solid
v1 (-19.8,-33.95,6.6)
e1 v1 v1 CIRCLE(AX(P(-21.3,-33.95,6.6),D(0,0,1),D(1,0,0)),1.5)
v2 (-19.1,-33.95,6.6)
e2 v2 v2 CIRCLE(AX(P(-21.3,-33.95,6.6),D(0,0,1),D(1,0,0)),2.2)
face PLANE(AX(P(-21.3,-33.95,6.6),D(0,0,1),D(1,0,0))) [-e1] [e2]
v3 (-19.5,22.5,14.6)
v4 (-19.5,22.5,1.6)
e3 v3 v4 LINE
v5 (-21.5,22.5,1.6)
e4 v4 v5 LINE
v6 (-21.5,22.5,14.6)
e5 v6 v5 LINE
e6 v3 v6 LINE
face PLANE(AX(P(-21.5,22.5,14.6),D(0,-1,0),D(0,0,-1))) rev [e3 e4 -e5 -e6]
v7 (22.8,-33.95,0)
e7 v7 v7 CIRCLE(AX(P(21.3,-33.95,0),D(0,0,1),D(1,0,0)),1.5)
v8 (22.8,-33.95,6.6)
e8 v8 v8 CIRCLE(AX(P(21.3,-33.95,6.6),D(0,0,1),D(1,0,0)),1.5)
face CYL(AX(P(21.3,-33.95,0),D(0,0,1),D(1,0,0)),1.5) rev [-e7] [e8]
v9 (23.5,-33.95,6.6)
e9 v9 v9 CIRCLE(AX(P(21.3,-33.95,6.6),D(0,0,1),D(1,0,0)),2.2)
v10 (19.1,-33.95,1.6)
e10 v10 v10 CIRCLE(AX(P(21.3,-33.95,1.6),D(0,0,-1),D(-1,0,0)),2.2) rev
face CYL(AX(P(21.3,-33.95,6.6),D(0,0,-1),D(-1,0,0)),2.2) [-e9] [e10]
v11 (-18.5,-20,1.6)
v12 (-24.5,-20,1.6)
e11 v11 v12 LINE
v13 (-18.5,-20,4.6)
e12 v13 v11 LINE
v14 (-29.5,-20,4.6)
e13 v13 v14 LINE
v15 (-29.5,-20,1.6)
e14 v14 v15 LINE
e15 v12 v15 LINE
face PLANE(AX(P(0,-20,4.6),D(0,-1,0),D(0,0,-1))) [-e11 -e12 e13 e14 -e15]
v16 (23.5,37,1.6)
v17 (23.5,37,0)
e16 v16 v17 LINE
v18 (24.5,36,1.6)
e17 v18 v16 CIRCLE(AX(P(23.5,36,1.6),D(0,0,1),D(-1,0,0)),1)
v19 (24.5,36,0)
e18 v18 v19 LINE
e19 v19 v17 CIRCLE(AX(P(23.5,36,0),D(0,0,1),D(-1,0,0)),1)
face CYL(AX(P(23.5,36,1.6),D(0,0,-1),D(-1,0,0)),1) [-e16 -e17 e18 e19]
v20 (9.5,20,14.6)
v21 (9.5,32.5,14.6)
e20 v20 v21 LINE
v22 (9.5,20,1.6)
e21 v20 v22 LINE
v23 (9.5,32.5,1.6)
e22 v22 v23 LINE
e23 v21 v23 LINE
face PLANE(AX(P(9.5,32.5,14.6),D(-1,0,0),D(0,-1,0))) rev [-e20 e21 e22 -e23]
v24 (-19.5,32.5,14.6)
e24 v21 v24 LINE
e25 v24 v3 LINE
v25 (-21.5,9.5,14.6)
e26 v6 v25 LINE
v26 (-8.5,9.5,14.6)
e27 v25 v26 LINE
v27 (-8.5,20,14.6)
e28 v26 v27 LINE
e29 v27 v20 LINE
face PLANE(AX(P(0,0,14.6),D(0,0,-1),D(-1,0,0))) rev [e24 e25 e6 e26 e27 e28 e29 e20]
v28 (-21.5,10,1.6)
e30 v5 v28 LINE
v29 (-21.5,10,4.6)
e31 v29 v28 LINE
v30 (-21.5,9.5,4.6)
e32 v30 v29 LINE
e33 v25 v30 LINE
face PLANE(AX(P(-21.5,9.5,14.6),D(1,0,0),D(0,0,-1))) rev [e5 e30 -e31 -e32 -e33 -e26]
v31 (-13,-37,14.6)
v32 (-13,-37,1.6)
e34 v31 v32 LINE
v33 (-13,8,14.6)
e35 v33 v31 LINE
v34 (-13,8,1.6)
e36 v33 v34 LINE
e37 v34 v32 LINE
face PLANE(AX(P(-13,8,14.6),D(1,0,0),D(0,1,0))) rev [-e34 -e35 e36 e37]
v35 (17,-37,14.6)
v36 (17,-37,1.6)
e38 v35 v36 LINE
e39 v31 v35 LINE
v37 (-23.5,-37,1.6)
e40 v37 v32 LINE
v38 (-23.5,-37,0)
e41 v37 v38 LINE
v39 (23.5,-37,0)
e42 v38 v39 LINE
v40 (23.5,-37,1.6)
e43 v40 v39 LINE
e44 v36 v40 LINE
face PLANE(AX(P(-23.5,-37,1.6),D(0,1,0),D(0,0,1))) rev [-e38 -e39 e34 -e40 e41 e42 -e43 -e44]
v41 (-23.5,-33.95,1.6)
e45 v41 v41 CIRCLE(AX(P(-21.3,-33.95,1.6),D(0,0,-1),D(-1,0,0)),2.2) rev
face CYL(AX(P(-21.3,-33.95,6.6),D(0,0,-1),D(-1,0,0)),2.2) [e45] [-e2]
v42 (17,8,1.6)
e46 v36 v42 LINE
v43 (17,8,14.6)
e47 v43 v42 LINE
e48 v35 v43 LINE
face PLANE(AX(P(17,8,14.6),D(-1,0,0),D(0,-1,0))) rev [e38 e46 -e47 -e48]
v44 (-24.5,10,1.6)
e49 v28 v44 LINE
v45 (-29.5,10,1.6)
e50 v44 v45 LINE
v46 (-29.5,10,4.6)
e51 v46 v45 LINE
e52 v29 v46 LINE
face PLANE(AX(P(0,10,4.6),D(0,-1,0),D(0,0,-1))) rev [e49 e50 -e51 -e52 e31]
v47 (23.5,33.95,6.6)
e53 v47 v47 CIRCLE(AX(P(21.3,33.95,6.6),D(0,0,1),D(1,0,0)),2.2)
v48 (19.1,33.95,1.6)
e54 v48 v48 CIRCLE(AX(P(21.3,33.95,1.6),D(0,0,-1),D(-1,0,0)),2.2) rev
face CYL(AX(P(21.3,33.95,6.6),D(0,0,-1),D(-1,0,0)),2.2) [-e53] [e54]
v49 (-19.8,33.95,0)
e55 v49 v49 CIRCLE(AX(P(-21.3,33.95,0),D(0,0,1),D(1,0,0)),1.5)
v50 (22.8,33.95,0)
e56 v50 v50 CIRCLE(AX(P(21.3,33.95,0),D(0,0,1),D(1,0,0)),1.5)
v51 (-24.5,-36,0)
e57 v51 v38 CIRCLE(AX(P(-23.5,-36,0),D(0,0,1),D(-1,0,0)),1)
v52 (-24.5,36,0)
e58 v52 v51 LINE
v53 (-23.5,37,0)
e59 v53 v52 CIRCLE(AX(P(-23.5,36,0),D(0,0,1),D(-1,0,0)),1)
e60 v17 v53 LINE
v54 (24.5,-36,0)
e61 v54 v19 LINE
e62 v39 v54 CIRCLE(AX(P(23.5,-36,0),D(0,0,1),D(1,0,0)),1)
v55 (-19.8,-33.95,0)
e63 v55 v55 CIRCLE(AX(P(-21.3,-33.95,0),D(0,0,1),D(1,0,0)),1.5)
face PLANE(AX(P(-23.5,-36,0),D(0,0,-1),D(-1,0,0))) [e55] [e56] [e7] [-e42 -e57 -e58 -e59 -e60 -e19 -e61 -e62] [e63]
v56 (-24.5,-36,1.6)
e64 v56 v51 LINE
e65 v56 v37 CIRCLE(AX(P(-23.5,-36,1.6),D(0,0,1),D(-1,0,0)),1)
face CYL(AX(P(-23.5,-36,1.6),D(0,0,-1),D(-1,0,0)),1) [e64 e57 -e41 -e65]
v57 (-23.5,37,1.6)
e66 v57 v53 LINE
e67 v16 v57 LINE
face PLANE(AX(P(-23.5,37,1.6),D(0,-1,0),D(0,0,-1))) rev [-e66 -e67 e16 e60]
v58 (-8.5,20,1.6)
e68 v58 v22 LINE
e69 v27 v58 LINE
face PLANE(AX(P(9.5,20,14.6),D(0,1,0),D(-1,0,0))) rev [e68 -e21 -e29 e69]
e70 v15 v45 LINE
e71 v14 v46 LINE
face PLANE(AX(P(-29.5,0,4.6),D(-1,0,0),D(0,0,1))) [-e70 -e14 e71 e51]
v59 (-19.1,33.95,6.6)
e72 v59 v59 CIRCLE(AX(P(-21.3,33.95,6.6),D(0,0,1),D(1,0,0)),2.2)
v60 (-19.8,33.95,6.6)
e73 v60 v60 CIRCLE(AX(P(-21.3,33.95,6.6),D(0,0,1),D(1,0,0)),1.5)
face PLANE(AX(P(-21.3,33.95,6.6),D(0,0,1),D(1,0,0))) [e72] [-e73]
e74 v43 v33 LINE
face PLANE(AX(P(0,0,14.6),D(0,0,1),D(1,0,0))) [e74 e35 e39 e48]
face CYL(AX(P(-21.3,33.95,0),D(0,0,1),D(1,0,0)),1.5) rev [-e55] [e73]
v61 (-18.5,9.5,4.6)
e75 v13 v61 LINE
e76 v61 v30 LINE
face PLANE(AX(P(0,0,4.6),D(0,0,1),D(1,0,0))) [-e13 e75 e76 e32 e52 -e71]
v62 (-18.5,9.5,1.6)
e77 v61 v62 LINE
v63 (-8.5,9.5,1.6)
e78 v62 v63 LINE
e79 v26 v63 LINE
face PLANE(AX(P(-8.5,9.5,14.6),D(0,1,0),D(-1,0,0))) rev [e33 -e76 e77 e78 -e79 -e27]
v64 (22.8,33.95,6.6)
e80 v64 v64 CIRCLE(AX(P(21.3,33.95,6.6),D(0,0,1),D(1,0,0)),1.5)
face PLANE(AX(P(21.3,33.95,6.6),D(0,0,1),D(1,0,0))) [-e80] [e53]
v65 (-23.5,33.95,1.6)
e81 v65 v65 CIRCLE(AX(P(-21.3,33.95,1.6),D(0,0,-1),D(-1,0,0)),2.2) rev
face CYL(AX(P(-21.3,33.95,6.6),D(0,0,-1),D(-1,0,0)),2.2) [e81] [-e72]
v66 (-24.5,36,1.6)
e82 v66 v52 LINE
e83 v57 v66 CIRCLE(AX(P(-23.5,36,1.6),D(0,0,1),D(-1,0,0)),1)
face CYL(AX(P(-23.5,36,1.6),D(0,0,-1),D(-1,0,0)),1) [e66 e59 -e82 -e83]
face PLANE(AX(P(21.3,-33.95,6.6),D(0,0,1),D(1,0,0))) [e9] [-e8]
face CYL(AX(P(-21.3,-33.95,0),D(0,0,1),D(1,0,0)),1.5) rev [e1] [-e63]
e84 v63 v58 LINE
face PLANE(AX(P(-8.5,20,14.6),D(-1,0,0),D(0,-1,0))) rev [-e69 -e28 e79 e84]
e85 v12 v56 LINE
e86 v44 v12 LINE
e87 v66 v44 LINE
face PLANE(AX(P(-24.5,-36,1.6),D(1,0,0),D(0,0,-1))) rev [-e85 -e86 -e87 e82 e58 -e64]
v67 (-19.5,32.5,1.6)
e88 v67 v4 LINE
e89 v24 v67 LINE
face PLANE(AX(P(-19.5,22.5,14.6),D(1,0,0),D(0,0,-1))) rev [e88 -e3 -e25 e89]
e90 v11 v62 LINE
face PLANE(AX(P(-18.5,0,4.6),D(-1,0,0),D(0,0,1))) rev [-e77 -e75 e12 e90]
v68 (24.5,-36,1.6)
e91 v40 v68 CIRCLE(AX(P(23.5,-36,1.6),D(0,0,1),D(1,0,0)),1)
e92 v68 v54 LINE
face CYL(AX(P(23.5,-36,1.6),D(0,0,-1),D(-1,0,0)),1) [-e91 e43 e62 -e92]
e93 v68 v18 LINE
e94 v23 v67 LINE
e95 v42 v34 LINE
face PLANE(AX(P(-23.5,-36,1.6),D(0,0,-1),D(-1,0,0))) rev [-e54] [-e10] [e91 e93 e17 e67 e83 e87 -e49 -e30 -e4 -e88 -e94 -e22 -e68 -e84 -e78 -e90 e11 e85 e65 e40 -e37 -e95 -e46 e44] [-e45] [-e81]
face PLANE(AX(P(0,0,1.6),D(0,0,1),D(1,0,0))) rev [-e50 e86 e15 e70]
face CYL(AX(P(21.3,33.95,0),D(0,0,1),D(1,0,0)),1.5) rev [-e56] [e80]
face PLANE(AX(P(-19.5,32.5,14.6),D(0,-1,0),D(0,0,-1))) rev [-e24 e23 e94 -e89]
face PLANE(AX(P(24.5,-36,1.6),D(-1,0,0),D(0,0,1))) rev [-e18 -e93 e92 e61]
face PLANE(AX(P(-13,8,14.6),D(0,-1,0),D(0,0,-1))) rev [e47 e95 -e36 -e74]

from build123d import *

# Parameters (mm, degrees)
EXTRUDE_1_DEPTH     = 1.6
SKETCH_2_R          = 1.5
CUT_EXTRUDE_1_DEPTH = 45.405067278
EXTRUDE_START       = 5
SKETCH_5_R          = 2.2
SKETCH_5_R_2        = 1.5
EXTRUDE_2_DEPTH     = 5
SKETCH_6_W          = 30
SKETCH_6_H          = 45
EXTRUDE_3_DEPTH     = 13
SKETCH_7_W          = 5
SKETCH_7_H          = 30
EXTRUDE_4_DEPTH     = 3


with BuildPart() as part:
    # 草图1 → 凸台-拉伸1 (new body)
    with BuildSketch(Plane.XY):
        with BuildLine():
            Line((-23.5, -37), (23.5, -37))
            ThreePointArc((23.5, -37), (24.207106781, -36.707106781), (24.5, -36))
            Line((24.5, -36), (24.5, 36))
            ThreePointArc((24.5, 36), (24.207106781, 36.707106781), (23.5, 37))
            Line((23.5, 37), (-23.5, 37))
            ThreePointArc((-23.5, 37), (-24.207106781, 36.707106781), (-24.5, 36))
            Line((-24.5, 36), (-24.5, -36))
            ThreePointArc((-24.5, -36), (-24.207106781, -36.707106781), (-23.5, -37))
        make_face()
    extrude(amount=EXTRUDE_1_DEPTH)

    # 草图2 → 切除-拉伸1 (cut, through all)
    with BuildSketch(Plane.XY.offset(1.6)):
        with Locations((21.3, 33.95)):
            Circle(SKETCH_2_R)
        with Locations((-21.3, 33.95)):
            Circle(SKETCH_2_R)
        with Locations((-21.3, -33.95)):
            Circle(SKETCH_2_R)
        with Locations((21.3, -33.95)):
            Circle(SKETCH_2_R)
    extrude(amount=-CUT_EXTRUDE_1_DEPTH, mode=Mode.SUBTRACT)

    # 草图5 → 凸台-拉伸2 (add)
    # profile 1 of 4: a face of its own
    with BuildSketch(Plane.XY.offset(1.6).offset(EXTRUDE_START)):
        with Locations(Location((-21.3, 33.95, 0), (0, 0, 180))):
            Circle(SKETCH_5_R)
        with Locations((-21.3, 33.95)):
            Circle(SKETCH_5_R_2, mode=Mode.SUBTRACT)
    # profile 2 of 4: a face of its own
    with BuildSketch(Plane.XY.offset(1.6).offset(EXTRUDE_START)):
        with Locations(Location((21.3, -33.95, 0), (0, 0, 180))):
            Circle(SKETCH_5_R)
        with Locations((21.3, -33.95)):
            Circle(SKETCH_5_R_2, mode=Mode.SUBTRACT)
    # profile 3 of 4: a face of its own
    with BuildSketch(Plane.XY.offset(1.6).offset(EXTRUDE_START)):
        with Locations(Location((-21.3, -33.95, 0), (0, 0, 180))):
            Circle(SKETCH_5_R)
        with Locations((-21.3, -33.95)):
            Circle(SKETCH_5_R_2, mode=Mode.SUBTRACT)
    # profile 4 of 4: a face of its own
    with BuildSketch(Plane.XY.offset(1.6).offset(EXTRUDE_START)):
        with Locations(Location((21.3, 33.95, 0), (0, 0, 180))):
            Circle(SKETCH_5_R)
        with Locations((21.3, 33.95)):
            Circle(SKETCH_5_R_2, mode=Mode.SUBTRACT)
    extrude(amount=-EXTRUDE_2_DEPTH)

    # 草图6 → 凸台-拉伸3 (add)
    with BuildSketch(Plane.XY.offset(1.6)):
        Polygon((-8.5, 9.5), (-21.5, 9.5), (-21.5, 22.5), (-19.5, 22.5), (-19.5, 32.5), (9.5, 32.5), (9.5, 20), (-8.5, 20), align=None)
        with Locations((2, -14.5)):
            Rectangle(SKETCH_6_W, SKETCH_6_H)
    extrude(amount=EXTRUDE_3_DEPTH)

    # 草图7 → 凸台-拉伸4 (add)
    with BuildSketch(Plane.XY.offset(1.6)):
        with Locations((-27, -5)):
            Rectangle(SKETCH_7_W, SKETCH_7_H)
        Polygon((-24.5, 10), (-24.5, -20), (-18.5, -20), (-18.5, 9.5), (-21.5, 9.5), (-21.5, 10), align=None)
    extrude(amount=EXTRUDE_4_DEPTH)


solid = part.part
